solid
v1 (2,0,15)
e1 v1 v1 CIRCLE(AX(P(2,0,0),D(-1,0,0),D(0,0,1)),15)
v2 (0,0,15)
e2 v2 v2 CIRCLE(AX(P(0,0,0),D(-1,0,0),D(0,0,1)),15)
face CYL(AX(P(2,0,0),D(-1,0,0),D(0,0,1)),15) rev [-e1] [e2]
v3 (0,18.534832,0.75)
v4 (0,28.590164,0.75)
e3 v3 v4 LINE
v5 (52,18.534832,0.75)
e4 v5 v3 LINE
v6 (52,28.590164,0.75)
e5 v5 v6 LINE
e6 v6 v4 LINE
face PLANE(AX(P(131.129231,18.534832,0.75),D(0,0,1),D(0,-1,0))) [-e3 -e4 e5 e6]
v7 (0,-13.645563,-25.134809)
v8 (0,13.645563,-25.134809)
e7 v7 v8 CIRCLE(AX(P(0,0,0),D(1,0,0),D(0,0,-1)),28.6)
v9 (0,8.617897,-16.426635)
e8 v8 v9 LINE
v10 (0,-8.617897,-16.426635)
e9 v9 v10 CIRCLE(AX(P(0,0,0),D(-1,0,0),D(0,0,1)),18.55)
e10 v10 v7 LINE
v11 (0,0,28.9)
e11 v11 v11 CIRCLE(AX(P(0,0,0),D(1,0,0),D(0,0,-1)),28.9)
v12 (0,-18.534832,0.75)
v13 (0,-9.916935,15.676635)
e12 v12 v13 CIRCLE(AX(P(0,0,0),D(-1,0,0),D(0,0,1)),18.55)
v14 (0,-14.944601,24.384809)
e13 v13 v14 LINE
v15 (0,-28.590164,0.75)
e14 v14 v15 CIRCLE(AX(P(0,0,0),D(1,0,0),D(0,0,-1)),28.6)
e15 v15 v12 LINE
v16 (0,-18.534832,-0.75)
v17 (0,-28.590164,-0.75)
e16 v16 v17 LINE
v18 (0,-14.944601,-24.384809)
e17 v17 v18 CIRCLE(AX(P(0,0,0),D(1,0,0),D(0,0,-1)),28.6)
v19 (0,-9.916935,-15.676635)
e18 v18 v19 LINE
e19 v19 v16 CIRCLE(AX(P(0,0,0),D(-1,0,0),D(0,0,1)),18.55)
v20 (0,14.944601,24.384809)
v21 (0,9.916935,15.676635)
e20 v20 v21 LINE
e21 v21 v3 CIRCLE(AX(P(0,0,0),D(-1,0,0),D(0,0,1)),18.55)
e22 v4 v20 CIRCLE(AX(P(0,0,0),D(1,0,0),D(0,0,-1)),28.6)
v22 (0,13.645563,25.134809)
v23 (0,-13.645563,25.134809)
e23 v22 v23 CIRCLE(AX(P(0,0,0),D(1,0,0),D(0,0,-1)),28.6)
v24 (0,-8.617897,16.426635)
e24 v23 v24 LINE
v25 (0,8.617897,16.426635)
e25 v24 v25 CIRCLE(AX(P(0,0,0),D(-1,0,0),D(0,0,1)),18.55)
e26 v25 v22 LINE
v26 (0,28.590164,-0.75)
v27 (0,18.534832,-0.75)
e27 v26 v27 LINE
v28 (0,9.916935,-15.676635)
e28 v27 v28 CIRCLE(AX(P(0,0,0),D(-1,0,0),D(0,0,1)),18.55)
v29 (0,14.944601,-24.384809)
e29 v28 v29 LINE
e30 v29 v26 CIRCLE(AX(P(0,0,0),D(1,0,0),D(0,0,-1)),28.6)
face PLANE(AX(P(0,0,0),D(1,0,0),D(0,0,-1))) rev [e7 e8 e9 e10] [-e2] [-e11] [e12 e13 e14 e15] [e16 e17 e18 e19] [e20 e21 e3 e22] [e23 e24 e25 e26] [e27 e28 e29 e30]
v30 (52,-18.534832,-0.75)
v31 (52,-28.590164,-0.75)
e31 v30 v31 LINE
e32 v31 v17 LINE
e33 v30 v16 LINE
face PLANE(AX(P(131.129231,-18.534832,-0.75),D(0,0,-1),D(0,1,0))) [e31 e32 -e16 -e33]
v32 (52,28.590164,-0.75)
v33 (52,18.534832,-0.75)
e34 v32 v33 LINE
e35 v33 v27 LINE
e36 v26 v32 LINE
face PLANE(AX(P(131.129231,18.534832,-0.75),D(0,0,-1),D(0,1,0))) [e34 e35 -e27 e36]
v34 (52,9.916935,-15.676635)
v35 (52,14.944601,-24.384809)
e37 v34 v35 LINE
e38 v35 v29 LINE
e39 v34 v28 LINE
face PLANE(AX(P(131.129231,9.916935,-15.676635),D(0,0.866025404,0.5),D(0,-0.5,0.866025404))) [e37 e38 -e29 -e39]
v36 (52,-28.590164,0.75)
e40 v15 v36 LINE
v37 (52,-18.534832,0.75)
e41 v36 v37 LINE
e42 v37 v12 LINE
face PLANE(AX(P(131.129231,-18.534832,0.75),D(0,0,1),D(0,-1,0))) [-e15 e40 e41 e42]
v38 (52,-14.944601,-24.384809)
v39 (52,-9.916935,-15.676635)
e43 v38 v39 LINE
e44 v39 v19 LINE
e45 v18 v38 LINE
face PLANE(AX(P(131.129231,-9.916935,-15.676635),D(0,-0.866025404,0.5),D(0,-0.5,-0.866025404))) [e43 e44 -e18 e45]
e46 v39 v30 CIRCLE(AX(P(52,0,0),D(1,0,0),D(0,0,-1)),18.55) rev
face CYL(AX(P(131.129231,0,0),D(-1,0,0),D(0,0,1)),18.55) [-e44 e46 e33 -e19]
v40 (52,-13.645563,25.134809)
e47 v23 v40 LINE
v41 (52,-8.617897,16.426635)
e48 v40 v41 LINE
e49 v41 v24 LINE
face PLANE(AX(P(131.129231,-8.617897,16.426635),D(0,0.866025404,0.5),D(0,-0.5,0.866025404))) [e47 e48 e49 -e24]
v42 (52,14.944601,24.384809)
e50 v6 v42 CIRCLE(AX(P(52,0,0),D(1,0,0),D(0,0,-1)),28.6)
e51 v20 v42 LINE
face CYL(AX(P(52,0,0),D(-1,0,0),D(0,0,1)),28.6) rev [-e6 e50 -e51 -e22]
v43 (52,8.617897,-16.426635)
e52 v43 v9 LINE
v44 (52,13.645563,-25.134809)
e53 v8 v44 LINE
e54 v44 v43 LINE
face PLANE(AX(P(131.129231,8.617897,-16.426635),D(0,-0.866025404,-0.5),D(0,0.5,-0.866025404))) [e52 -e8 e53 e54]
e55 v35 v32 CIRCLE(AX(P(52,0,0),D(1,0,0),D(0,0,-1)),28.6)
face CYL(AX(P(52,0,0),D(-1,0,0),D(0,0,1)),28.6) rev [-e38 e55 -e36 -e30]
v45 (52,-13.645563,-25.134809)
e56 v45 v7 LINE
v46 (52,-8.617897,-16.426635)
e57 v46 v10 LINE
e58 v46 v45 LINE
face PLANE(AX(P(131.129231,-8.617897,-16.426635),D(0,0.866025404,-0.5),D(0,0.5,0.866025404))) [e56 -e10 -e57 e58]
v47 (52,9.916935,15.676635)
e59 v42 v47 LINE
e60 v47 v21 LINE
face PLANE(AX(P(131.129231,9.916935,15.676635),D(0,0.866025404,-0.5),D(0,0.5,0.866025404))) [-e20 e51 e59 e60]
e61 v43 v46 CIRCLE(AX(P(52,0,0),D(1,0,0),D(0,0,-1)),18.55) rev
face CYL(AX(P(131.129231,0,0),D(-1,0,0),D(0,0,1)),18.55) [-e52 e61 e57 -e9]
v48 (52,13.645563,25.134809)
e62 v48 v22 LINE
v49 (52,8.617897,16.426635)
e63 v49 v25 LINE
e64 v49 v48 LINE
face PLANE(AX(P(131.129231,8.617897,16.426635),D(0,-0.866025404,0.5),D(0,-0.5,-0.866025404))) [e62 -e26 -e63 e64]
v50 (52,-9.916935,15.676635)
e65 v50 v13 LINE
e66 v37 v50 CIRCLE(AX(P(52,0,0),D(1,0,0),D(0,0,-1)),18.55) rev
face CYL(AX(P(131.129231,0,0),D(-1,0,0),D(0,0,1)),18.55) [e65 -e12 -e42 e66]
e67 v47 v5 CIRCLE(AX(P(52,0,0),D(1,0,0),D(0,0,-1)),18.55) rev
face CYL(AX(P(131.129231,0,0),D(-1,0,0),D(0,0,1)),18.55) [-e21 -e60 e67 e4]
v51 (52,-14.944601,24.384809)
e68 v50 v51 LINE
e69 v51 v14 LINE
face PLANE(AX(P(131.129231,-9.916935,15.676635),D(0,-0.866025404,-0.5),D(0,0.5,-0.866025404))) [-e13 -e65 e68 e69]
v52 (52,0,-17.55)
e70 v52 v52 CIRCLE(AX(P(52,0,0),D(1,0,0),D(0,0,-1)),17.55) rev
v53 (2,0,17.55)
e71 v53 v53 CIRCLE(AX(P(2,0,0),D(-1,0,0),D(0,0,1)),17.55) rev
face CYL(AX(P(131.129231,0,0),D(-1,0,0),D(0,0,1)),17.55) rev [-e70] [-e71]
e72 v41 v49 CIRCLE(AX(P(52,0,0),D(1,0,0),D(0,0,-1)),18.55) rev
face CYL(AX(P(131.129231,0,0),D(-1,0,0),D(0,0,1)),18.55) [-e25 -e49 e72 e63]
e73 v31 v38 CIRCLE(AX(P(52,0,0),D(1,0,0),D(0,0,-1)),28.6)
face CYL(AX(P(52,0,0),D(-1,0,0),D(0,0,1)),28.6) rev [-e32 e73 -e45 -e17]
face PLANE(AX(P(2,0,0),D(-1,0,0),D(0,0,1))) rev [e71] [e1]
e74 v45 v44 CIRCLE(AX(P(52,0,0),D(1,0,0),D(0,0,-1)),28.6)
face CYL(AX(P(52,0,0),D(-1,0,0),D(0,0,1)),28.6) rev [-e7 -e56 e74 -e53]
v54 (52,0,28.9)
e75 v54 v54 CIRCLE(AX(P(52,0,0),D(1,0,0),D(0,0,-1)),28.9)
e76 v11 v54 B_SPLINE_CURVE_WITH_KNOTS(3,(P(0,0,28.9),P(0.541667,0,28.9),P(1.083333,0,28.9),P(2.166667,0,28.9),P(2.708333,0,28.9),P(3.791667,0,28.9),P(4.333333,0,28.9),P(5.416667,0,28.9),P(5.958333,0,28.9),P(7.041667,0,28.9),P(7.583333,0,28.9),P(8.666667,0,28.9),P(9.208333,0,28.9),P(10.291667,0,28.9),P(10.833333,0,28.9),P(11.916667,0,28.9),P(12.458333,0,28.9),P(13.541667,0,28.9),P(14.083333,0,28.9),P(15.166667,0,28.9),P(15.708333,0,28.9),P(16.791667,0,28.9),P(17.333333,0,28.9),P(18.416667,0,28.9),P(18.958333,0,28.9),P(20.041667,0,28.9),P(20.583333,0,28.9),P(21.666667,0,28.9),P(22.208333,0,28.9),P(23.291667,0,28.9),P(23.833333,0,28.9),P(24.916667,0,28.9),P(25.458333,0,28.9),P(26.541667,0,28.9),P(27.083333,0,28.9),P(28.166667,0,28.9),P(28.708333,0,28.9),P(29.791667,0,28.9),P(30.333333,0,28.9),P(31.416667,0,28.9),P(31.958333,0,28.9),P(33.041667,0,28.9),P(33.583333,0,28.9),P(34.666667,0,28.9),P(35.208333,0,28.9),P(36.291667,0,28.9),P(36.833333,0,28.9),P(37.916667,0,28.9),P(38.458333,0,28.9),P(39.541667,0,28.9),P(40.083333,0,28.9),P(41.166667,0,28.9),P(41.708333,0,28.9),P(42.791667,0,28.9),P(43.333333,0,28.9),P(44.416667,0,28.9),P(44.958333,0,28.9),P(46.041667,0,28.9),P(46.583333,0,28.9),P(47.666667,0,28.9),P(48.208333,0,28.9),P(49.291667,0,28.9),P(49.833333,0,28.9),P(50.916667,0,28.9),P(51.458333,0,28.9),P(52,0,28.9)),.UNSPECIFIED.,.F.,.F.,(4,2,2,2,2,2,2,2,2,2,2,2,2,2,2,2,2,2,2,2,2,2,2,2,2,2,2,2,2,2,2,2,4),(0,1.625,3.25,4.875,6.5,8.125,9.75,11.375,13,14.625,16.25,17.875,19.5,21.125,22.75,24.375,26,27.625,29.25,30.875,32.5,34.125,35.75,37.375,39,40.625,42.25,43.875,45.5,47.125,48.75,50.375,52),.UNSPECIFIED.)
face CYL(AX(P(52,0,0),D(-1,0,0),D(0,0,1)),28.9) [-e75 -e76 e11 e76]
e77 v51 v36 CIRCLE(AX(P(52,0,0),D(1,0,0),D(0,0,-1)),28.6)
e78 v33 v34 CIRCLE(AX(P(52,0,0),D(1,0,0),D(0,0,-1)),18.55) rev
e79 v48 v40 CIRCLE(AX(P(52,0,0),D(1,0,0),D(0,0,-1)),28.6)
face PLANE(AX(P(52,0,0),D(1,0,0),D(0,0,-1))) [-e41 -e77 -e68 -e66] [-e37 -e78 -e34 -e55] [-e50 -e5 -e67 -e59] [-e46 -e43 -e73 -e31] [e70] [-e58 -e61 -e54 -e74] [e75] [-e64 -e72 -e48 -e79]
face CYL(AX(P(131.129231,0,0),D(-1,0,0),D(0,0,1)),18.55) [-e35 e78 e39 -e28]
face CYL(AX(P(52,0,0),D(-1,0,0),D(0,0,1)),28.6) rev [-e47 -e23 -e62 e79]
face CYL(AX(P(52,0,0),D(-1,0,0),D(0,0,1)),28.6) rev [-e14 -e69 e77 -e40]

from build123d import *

# Parameters (mm, degrees)
CROQUIS1_R              = 28.9
CROQUIS1_R_2            = 28.6
SALIENTE_EXTRUIR1_DEPTH = 52
CROQUIS2_R              = 17.55
SALIENTE_EXTRUIR2_DEPTH = 52
CROQUIS3_R              = 17.55
CROQUIS3_R_2            = 15
SALIENTE_EXTRUIR3_DEPTH = 2
CROQUIS4_OUTSIDE_W      = 79.374
CROQUIS4_OUTSIDE_H      = 81.026
CROQUIS4_OUTSIDE_R      = 28.9
CORTAR_EXTRUIR1_DEPTH   = 100


with BuildPart() as part:
    # Croquis1 → Saliente-Extruir1 (new body)
    with BuildSketch(Plane(origin=(0, 0, 0), x_dir=(0, 0, -1), z_dir=(1, 0, 0))):
        with Locations(Location((0, 0, 0), (0, 0, 180))):
            Circle(CROQUIS1_R)
        with Locations(Location((0, 0, 0), (0, 0, 180))):
            Circle(CROQUIS1_R_2, mode=Mode.SUBTRACT)
    extrude(amount=SALIENTE_EXTRUIR1_DEPTH)

    # Croquis2 → Saliente-Extruir2 (add)
    with BuildSketch(Plane.ZY):
        with BuildLine():
            Line((-15.676635431, 9.91693509), (-25.360087572, 15.50767879))
            ThreePointArc((-25.360087572, 15.50767879), (-25.743282761, 14.862891232), (-26.110087572, 14.208640684))
            Line((-26.110087572, 14.208640684), (-16.426635431, 8.617896984))
            ThreePointArc((-16.426635431, 8.617896984), (-18.55, 0), (-16.426635431, -8.617896984))
            Line((-16.426635431, -8.617896984), (-26.110087572, -14.208640684))
            ThreePointArc((-26.110087572, -14.208640684), (-25.743282761, -14.862891232), (-25.360087572, -15.50767879))
            Line((-25.360087572, -15.50767879), (-15.676635431, -9.91693509))
            ThreePointArc((-15.676635431, -9.91693509), (-9.275, -16.06477124), (-0.75, -18.534832074))
            Line((-0.75, -18.534832074), (-0.75, -29.716319474))
            ThreePointArc((-0.75, -29.716319474), (0, -29.725782464), (0.75, -29.716319474))
            Line((0.75, -29.716319474), (0.75, -18.534832074))
            ThreePointArc((0.75, -18.534832074), (9.275, -16.06477124), (15.676635431, -9.91693509))
            Line((15.676635431, -9.91693509), (25.360087572, -15.50767879))
            ThreePointArc((25.360087572, -15.50767879), (25.743282761, -14.862891232), (26.110087572, -14.208640684))
            Line((26.110087572, -14.208640684), (16.426635431, -8.617896984))
            ThreePointArc((16.426635431, -8.617896984), (18.55, 0), (16.426635431, 8.617896984))
            Line((16.426635431, 8.617896984), (26.110087572, 14.208640684))
            ThreePointArc((26.110087572, 14.208640684), (25.743282761, 14.862891232), (25.360087572, 15.50767879))
            Line((25.360087572, 15.50767879), (15.676635431, 9.91693509))
            ThreePointArc((15.676635431, 9.91693509), (9.275, 16.06477124), (0.75, 18.534832074))
            Line((0.75, 18.534832074), (0.75, 29.716319474))
            ThreePointArc((0.75, 29.716319474), (0, 29.725782464), (-0.75, 29.716319474))
            Line((-0.75, 29.716319474), (-0.75, 18.534832074))
            ThreePointArc((-0.75, 18.534832074), (-9.275, 16.06477124), (-15.676635431, 9.91693509))
        make_face()
        Circle(CROQUIS2_R, mode=Mode.SUBTRACT)
    extrude(amount=-SALIENTE_EXTRUIR2_DEPTH)

    # Croquis3 → Saliente-Extruir3 (add)
    with BuildSketch(Plane.ZY):
        Circle(CROQUIS3_R)
        Circle(CROQUIS3_R_2, mode=Mode.SUBTRACT)
    extrude(amount=-SALIENTE_EXTRUIR3_DEPTH)

    # Croquis4 outside → Cortar-Extruir1 (cut)
    with BuildSketch(Plane(origin=(52, 0, 0), x_dir=(0, 0, -1), z_dir=(1, 0, 0))):
        Rectangle(CROQUIS4_OUTSIDE_W, CROQUIS4_OUTSIDE_H)
        with Locations(Location((0, 0, 0), (0, 0, 180))):
            Circle(CROQUIS4_OUTSIDE_R, mode=Mode.SUBTRACT)
    extrude(amount=-CORTAR_EXTRUIR1_DEPTH, mode=Mode.SUBTRACT)


solid = part.part
